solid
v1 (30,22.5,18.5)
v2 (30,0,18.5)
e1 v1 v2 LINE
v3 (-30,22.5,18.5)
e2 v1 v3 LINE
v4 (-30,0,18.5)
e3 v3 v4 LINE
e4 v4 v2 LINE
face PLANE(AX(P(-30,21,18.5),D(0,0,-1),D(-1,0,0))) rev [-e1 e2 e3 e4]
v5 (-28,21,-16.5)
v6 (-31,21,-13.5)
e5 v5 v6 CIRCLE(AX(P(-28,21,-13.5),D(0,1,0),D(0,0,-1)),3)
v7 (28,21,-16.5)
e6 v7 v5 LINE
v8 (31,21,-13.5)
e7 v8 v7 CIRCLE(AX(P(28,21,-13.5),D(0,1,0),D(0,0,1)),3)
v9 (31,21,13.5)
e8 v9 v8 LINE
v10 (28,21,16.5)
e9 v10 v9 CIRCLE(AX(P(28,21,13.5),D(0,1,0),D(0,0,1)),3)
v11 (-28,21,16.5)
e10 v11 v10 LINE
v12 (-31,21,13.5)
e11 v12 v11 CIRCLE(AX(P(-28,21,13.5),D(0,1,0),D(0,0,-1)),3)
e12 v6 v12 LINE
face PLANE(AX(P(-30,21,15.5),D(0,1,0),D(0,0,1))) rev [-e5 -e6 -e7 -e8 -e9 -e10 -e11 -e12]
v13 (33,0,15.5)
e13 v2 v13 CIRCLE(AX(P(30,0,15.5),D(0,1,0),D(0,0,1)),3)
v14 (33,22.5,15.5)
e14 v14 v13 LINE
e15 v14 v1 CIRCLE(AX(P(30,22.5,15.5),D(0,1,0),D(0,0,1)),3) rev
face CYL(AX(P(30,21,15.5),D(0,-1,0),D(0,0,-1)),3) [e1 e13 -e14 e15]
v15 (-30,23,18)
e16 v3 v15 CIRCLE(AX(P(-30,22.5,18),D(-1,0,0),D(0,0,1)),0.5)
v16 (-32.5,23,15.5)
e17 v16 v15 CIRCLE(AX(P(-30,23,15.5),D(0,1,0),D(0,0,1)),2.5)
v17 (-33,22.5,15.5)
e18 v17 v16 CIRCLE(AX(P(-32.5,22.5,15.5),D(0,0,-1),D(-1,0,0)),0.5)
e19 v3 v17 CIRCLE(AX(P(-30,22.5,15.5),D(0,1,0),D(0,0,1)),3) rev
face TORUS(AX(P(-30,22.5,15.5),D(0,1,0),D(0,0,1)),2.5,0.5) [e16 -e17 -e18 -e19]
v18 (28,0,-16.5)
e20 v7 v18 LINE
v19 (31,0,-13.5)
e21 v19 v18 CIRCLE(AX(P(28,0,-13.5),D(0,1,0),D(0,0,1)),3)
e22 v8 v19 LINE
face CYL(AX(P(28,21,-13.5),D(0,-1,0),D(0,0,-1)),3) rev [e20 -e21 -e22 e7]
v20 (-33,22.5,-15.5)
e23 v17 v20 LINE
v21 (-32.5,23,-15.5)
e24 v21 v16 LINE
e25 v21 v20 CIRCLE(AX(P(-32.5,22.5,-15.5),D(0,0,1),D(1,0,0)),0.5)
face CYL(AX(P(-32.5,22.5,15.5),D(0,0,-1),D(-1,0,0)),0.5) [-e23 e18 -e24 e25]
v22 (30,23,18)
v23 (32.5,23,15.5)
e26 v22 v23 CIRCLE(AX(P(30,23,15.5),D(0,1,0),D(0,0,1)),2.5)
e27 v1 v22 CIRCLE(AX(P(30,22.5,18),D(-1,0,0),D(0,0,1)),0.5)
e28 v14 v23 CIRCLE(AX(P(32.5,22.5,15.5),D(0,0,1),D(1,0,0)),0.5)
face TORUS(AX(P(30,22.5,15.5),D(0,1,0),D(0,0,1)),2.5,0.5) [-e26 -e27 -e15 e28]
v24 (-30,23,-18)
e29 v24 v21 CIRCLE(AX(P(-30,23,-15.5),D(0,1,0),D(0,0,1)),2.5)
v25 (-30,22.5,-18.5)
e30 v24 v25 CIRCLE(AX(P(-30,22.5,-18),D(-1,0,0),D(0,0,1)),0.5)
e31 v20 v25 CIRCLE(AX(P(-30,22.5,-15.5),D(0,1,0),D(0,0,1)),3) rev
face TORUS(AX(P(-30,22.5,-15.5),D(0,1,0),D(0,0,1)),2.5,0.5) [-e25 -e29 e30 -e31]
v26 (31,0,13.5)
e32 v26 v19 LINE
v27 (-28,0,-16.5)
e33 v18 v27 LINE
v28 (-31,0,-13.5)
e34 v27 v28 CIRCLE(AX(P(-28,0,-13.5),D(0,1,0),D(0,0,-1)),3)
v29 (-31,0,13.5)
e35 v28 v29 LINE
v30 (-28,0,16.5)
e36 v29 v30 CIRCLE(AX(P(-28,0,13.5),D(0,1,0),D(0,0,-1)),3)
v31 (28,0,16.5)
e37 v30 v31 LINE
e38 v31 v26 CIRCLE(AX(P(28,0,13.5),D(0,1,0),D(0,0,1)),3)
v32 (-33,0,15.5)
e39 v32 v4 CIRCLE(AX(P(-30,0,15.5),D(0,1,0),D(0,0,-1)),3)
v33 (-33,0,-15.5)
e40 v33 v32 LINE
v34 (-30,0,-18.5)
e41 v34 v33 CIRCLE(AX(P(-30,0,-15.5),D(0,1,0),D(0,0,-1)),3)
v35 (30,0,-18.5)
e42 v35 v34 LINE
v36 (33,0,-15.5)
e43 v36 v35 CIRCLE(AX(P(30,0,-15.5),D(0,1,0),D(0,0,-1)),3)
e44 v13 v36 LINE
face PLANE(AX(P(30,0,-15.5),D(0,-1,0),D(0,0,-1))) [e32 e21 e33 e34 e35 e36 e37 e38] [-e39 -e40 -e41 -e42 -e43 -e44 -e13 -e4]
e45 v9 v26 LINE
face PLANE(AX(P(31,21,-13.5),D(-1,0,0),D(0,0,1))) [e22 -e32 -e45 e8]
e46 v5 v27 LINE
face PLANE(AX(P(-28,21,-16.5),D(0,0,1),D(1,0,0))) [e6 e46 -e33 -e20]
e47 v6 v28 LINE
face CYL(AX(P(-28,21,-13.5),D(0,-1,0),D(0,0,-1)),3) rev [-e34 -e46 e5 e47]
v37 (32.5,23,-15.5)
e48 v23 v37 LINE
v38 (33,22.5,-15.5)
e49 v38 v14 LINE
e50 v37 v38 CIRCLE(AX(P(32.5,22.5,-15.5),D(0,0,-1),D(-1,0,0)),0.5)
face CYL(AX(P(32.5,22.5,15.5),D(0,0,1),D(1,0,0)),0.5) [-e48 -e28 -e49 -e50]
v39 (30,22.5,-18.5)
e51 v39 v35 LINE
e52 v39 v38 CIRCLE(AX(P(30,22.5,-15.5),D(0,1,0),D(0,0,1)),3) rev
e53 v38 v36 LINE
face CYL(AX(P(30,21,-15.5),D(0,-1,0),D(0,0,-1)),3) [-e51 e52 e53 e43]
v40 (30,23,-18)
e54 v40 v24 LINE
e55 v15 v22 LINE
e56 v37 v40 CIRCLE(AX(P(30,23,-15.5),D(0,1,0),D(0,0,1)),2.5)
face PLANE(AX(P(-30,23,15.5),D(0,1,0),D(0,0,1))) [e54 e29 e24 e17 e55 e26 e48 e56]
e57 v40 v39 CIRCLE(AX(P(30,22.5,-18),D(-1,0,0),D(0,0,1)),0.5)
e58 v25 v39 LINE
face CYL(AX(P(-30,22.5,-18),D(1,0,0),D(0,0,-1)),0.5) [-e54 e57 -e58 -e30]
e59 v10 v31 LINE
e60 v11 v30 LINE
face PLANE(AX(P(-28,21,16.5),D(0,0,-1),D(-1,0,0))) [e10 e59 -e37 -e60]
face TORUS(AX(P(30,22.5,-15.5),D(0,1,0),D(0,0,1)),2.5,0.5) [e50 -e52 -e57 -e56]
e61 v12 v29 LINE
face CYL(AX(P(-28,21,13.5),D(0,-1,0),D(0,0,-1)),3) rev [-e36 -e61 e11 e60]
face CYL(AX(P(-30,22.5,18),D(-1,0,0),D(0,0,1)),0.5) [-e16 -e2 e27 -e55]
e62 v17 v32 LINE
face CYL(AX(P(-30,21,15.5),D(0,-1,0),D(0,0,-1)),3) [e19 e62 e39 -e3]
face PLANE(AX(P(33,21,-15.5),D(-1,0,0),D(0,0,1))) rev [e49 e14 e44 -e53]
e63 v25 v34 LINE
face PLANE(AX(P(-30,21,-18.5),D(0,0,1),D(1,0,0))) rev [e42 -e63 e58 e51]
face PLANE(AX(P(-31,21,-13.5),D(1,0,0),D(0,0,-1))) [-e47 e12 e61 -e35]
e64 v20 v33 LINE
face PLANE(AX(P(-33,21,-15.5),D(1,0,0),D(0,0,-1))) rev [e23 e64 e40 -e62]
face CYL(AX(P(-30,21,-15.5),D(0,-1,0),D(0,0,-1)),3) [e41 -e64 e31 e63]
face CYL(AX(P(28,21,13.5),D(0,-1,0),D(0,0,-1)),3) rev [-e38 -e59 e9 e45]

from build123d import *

# Parameters (mm, degrees)
BOSS_EXTRUDE1_DEPTH = 21
BOSS_EXTRUDE2_DEPTH = 2
FILLET1_R           = 0.5


with BuildPart() as part:
    # Sketch1 → Boss-Extrude1 (new body)
    with BuildSketch(Plane(origin=(0, 0, 0), x_dir=(1, 0, 0), z_dir=(0, 1, 0))):
        with BuildLine():
            Line((-30, 18.5), (30, 18.5))
            ThreePointArc((30, 18.5), (32.121320344, 17.621320344), (33, 15.5))
            Line((33, 15.5), (33, -15.5))
            ThreePointArc((33, -15.5), (32.121320344, -17.621320344), (30, -18.5))
            Line((30, -18.5), (-30, -18.5))
            ThreePointArc((-30, -18.5), (-32.121320344, -17.621320344), (-33, -15.5))
            Line((-33, -15.5), (-33, 15.5))
            ThreePointArc((-33, 15.5), (-32.121320344, 17.621320344), (-30, 18.5))
        make_face()
        with BuildLine():
            Line((-28, 16.5), (28, 16.5))
            ThreePointArc((28, 16.5), (30.121320344, 15.621320344), (31, 13.5))
            Line((31, 13.5), (31, -13.5))
            ThreePointArc((31, -13.5), (30.121320344, -15.621320344), (28, -16.5))
            Line((28, -16.5), (-28, -16.5))
            ThreePointArc((-28, -16.5), (-30.121320344, -15.621320344), (-31, -13.5))
            Line((-31, -13.5), (-31, 13.5))
            ThreePointArc((-31, 13.5), (-30.121320344, 15.621320344), (-28, 16.5))
        make_face(mode=Mode.SUBTRACT)
    extrude(amount=BOSS_EXTRUDE1_DEPTH)

    # Sketch2 → Boss-Extrude2 (add)
    with BuildSketch(Plane(origin=(0, 21, 0), x_dir=(1, 0, 0), z_dir=(0, 1, 0))):
        with BuildLine():
            Line((-30, 18.5), (30, 18.5))
            ThreePointArc((30, 18.5), (32.121320344, 17.621320344), (33, 15.5))
            Line((33, 15.5), (33, -15.5))
            ThreePointArc((33, -15.5), (32.121320344, -17.621320344), (30, -18.5))
            Line((30, -18.5), (-30, -18.5))
            ThreePointArc((-30, -18.5), (-32.121320344, -17.621320344), (-33, -15.5))
            Line((-33, -15.5), (-33, 15.5))
            ThreePointArc((-33, 15.5), (-32.121320344, 17.621320344), (-30, 18.5))
        make_face()
    extrude(amount=BOSS_EXTRUDE2_DEPTH)

    # Fillet1
    fillet1_edges = [part.edges().sort_by_distance(p)[0] for p in [
        (-32.121320344, 23, 17.621320344),
        (0, 23, 18.5),
        (32.121320344, 23, 17.621320344),
        (33, 23, 0),
        (32.121320344, 23, -17.621320344),
        (0, 23, -18.5),
        (-32.121320344, 23, -17.621320344),
        (-33, 23, 0),
    ]]
    fillet(fillet1_edges, radius=FILLET1_R)


solid = part.part
